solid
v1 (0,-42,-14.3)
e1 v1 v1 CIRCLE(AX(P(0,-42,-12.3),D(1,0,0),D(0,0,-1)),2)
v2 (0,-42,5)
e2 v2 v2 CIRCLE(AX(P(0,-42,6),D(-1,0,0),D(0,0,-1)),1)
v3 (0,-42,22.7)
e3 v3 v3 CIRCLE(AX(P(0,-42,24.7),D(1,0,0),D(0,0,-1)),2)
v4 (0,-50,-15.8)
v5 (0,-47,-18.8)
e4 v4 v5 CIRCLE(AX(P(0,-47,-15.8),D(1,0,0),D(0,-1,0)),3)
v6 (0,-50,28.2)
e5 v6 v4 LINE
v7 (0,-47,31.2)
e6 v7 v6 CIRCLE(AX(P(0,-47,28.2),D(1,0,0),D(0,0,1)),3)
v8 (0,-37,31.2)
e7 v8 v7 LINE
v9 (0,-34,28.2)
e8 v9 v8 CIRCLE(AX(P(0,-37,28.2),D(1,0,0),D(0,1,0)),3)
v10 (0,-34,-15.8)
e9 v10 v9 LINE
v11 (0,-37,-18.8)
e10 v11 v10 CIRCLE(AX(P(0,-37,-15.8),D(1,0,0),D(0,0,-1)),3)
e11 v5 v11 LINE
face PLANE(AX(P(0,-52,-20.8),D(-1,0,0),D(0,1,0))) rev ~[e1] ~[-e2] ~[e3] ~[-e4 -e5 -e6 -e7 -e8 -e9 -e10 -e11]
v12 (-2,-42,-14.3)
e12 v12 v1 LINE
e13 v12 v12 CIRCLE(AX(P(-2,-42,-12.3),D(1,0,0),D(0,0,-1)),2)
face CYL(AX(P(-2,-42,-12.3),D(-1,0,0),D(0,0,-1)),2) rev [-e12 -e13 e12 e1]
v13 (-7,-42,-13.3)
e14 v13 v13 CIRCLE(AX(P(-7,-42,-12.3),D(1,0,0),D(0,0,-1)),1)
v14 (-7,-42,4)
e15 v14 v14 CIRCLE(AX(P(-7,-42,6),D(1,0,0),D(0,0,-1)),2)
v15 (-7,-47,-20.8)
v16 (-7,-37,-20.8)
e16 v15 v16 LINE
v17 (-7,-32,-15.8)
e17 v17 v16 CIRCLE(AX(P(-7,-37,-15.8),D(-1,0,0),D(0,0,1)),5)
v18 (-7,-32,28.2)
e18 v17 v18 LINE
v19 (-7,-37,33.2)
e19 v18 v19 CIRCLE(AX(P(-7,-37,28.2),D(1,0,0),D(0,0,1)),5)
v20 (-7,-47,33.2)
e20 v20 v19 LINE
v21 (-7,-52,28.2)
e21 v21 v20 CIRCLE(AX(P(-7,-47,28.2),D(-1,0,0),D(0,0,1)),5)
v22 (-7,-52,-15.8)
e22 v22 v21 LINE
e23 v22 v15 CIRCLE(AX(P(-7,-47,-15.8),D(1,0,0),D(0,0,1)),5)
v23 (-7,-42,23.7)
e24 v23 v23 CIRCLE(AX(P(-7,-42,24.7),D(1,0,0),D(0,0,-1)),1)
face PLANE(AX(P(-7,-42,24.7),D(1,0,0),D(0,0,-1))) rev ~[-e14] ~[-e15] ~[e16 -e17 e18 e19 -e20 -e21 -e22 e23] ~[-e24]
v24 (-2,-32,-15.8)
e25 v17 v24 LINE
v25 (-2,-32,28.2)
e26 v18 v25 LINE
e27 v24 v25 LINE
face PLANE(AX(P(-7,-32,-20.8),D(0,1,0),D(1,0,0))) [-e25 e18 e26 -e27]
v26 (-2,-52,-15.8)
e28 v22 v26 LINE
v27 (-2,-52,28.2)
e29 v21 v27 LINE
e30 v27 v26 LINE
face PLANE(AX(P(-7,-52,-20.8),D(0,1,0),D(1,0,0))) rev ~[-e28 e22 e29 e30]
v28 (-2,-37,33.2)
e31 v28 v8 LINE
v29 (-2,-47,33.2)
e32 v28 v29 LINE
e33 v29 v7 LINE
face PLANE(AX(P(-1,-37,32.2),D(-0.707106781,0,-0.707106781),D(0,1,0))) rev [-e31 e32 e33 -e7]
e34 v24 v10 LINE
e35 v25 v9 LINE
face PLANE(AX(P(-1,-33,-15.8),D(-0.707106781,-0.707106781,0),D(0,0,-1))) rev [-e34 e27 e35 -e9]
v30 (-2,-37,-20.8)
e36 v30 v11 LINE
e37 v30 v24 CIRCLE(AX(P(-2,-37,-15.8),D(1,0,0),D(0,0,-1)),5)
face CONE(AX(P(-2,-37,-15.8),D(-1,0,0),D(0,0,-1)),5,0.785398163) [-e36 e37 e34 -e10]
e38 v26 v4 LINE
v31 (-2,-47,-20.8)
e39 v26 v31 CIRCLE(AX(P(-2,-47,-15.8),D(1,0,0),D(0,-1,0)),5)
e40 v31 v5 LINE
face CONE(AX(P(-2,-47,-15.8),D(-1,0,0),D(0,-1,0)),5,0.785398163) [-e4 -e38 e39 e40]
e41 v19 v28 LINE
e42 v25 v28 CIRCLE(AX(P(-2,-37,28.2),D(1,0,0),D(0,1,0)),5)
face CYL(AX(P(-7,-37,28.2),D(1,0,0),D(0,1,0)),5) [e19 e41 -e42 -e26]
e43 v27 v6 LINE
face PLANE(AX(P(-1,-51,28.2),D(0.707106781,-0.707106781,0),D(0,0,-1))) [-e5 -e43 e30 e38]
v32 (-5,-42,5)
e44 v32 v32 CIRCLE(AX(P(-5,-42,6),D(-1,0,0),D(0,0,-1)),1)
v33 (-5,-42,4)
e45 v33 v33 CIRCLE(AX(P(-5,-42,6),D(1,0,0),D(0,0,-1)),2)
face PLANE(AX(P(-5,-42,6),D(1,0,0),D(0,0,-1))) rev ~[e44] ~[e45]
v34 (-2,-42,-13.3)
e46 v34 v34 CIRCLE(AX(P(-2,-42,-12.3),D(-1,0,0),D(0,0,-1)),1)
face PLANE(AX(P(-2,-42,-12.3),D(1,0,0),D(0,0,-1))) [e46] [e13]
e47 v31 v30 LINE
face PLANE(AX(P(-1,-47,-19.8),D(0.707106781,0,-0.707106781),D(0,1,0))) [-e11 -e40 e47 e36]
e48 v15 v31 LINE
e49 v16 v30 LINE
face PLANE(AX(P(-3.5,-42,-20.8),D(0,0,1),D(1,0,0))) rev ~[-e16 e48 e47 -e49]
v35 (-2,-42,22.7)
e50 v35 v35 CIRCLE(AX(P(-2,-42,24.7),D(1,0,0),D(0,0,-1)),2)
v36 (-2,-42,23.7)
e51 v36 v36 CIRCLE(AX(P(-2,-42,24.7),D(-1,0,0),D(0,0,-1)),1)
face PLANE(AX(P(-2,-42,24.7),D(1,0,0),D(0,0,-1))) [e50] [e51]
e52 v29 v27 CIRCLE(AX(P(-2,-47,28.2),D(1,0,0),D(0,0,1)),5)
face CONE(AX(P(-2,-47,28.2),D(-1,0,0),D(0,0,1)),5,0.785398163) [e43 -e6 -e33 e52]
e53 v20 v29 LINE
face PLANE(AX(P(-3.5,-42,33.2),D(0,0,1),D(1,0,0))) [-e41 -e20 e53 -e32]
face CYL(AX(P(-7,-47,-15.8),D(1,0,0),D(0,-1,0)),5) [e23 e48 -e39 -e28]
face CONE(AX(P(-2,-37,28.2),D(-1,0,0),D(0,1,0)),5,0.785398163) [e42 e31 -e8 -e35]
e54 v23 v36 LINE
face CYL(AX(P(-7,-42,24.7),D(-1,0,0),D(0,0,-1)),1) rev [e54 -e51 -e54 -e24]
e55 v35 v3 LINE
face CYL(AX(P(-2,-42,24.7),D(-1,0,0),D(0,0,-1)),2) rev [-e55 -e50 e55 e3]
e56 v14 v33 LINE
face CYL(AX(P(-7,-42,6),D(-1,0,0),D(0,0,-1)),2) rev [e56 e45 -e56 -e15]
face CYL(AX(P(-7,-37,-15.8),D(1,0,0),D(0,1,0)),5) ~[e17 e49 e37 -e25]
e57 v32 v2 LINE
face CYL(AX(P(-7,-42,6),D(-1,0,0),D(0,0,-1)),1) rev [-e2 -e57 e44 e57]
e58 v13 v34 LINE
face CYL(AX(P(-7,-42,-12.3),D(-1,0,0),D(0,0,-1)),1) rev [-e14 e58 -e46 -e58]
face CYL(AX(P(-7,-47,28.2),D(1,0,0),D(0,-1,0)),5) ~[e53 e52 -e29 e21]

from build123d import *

# Parameters (mm, degrees)
CYLINDER032_R           = 2
CYLINDER032_DEPTH       = 2
CYLINDER032_PITCH_ANGLE = 90
CYLINDER033_R           = 2
CYLINDER033_DEPTH       = 2
CYLINDER033_PITCH_ANGLE = 90
CYLINDER030_R           = 1
CYLINDER030_DEPTH       = 7
CYLINDER030_PITCH_ANGLE = 90
CYLINDER031_R           = 1
CYLINDER031_DEPTH       = 7
CYLINDER031_PITCH_ANGLE = 90
CYLINDER029_R           = 2
CYLINDER029_DEPTH       = 7
CYLINDER029_PITCH_ANGLE = 90
CYLINDER028_R           = 2
CYLINDER028_DEPTH       = 7
CYLINDER028_PITCH_ANGLE = 90
CYLINDER027_R           = 2
CYLINDER027_DEPTH       = 2
CYLINDER027_PITCH_ANGLE = 90
CYLINDER026_R           = 1
CYLINDER026_DEPTH       = 10
CYLINDER026_PITCH_ANGLE = 90
CYLINDER024_R           = 2
CYLINDER024_DEPTH       = 10
CYLINDER024_PITCH_ANGLE = 90
CYLINDER025_R           = 2
CYLINDER025_DEPTH       = 10
CYLINDER025_PITCH_ANGLE = 90
BOX038_W                = 7
BOX038_H                = 20
BOX038_DEPTH            = 54
FILLET010_R             = 5
CHAMFER019_SIZE         = 2


with BuildPart() as cylinder032:
    # Cylinder032 → Cylinder032 (new body)
    with BuildSketch(Plane.XY):
        Circle(CYLINDER032_R)
    extrude(amount=CYLINDER032_DEPTH)


with BuildPart() as cylinder032_1:
    # Cylinder032 pitch: moved
    add(cylinder032.part.rotate(Axis((0, 0, 0), (0, 1, 0)), CYLINDER032_PITCH_ANGLE))


with BuildPart() as cylinder032_2:
    # Cylinder032 placement: moved
    add(cylinder032_1.part.moved(Location((-2, -42, -12.3))))


with BuildPart() as cylinder033:
    # Cylinder033 → Cylinder033 (new body)
    with BuildSketch(Plane.XY):
        Circle(CYLINDER033_R)
    extrude(amount=CYLINDER033_DEPTH)


with BuildPart() as cylinder033_1:
    # Cylinder033 pitch: moved
    add(cylinder033.part.rotate(Axis((0, 0, 0), (0, 1, 0)), CYLINDER033_PITCH_ANGLE))


with BuildPart() as cylinder033_2:
    # Cylinder033 placement: moved
    add(cylinder033_1.part.moved(Location((-2, -42, 24.7))))


with BuildPart() as cylinder030:
    # Cylinder030 → Cylinder030 (new body)
    with BuildSketch(Plane.XY):
        Circle(CYLINDER030_R)
    extrude(amount=CYLINDER030_DEPTH)


with BuildPart() as cylinder030_1:
    # Cylinder030 pitch: moved
    add(cylinder030.part.rotate(Axis((0, 0, 0), (0, 1, 0)), CYLINDER030_PITCH_ANGLE))


with BuildPart() as cylinder030_2:
    # Cylinder030 placement: moved
    add(cylinder030_1.part.moved(Location((-7, -42, -12.3))))


with BuildPart() as cylinder031:
    # Cylinder031 → Cylinder031 (new body)
    with BuildSketch(Plane.XY):
        Circle(CYLINDER031_R)
    extrude(amount=CYLINDER031_DEPTH)


with BuildPart() as cylinder031_1:
    # Cylinder031 pitch: moved
    add(cylinder031.part.rotate(Axis((0, 0, 0), (0, 1, 0)), CYLINDER031_PITCH_ANGLE))


with BuildPart() as cylinder031_2:
    # Cylinder031 placement: moved
    add(cylinder031_1.part.moved(Location((-7, -42, 24.7))))


with BuildPart() as cylinder029:
    # Cylinder029 → Cylinder029 (new body)
    with BuildSketch(Plane.XY):
        Circle(CYLINDER029_R)
    extrude(amount=CYLINDER029_DEPTH)


with BuildPart() as cylinder029_1:
    # Cylinder029 pitch: moved
    add(cylinder029.part.rotate(Axis((0, 0, 0), (0, 1, 0)), CYLINDER029_PITCH_ANGLE))


with BuildPart() as cylinder029_2:
    # Cylinder029 placement: moved
    add(cylinder029_1.part.moved(Location((-7, -42, 24.7))))


with BuildPart() as cylinder028:
    # Cylinder028 → Cylinder028 (new body)
    with BuildSketch(Plane.XY):
        Circle(CYLINDER028_R)
    extrude(amount=CYLINDER028_DEPTH)


with BuildPart() as cylinder028_1:
    # Cylinder028 pitch: moved
    add(cylinder028.part.rotate(Axis((0, 0, 0), (0, 1, 0)), CYLINDER028_PITCH_ANGLE))


with BuildPart() as cylinder028_2:
    # Cylinder028 placement: moved
    add(cylinder028_1.part.moved(Location((-7, -42, -12.3))))


with BuildPart() as cylinder027:
    # Cylinder027 → Cylinder027 (new body)
    with BuildSketch(Plane.XY):
        Circle(CYLINDER027_R)
    extrude(amount=CYLINDER027_DEPTH)


with BuildPart() as cylinder027_1:
    # Cylinder027 pitch: moved
    add(cylinder027.part.rotate(Axis((0, 0, 0), (0, 1, 0)), CYLINDER027_PITCH_ANGLE))


with BuildPart() as cylinder027_2:
    # Cylinder027 placement: moved
    add(cylinder027_1.part.moved(Location((-7, -42, 6))))


with BuildPart() as cylinder026:
    # Cylinder026 → Cylinder026 (new body)
    with BuildSketch(Plane.XY):
        Circle(CYLINDER026_R)
    extrude(amount=CYLINDER026_DEPTH)


with BuildPart() as cylinder026_1:
    # Cylinder026 pitch: moved
    add(cylinder026.part.rotate(Axis((0, 0, 0), (0, 1, 0)), CYLINDER026_PITCH_ANGLE))


with BuildPart() as cylinder026_2:
    # Cylinder026 placement: moved
    add(cylinder026_1.part.moved(Location((-7, -42, 6))))


with BuildPart() as cylinder024:
    # Cylinder024 → Cylinder024 (new body)
    with BuildSketch(Plane.XY):
        Circle(CYLINDER024_R)
    extrude(amount=CYLINDER024_DEPTH)


with BuildPart() as cylinder024_1:
    # Cylinder024 pitch: moved
    add(cylinder024.part.rotate(Axis((0, 0, 0), (0, 1, 0)), CYLINDER024_PITCH_ANGLE))


with BuildPart() as cylinder024_2:
    # Cylinder024 placement: moved
    add(cylinder024_1.part.moved(Location((-8, -42, 24.7))))


with BuildPart() as cylinder025:
    # Cylinder025 → Cylinder025 (new body)
    with BuildSketch(Plane.XY):
        Circle(CYLINDER025_R)
    extrude(amount=CYLINDER025_DEPTH)


with BuildPart() as cylinder025_1:
    # Cylinder025 pitch: moved
    add(cylinder025.part.rotate(Axis((0, 0, 0), (0, 1, 0)), CYLINDER025_PITCH_ANGLE))


with BuildPart() as cylinder025_2:
    # Cylinder025 placement: moved
    add(cylinder025_1.part.moved(Location((-8, -42, -12.3))))


with BuildPart() as cut046:
    # Box038 → Box038 (new body)
    with BuildSketch(Plane(origin=(-7, -52, -20.8), x_dir=(1, 0, 0), z_dir=(0, 0, 1))):
        with Locations((3.5, 10)):
            Rectangle(BOX038_W, BOX038_H)
    extrude(amount=BOX038_DEPTH)

    # Fillet010
    fillet010_edges = [cut046.edges().sort_by_distance(p)[0] for p in [
        (-3.5, -52, -20.8),
        (-3.5, -52, 33.2),
        (-3.5, -32, -20.8),
        (-3.5, -32, 33.2),
    ]]
    fillet(fillet010_edges, radius=FILLET010_R)

    # Chamfer019
    chamfer019_edges = [cut046.edges().sort_by_distance(p)[0] for p in [
        (0, -42, -20.8),
    ]]
    chamfer(chamfer019_edges, length=CHAMFER019_SIZE)

    # Cut038: cut Cylinder025
    add(cylinder025_2.part, mode=Mode.SUBTRACT)

    # Cut039: cut Cylinder024
    add(cylinder024_2.part, mode=Mode.SUBTRACT)

    # Cut041: cut Cylinder026
    add(cylinder026_2.part, mode=Mode.SUBTRACT)

    # Cut042: cut Cylinder027
    add(cylinder027_2.part, mode=Mode.SUBTRACT)

    # Fusion023: union Cylinder028
    add(cylinder028_2.part)

    # Fusion024: union Cylinder029
    add(cylinder029_2.part)

    # Cut043: cut Cylinder031
    add(cylinder031_2.part, mode=Mode.SUBTRACT)

    # Cut044: cut Cylinder030
    add(cylinder030_2.part, mode=Mode.SUBTRACT)

    # Cut045: cut Cylinder033
    add(cylinder033_2.part, mode=Mode.SUBTRACT)

    # Cut046: cut Cylinder032
    add(cylinder032_2.part, mode=Mode.SUBTRACT)


solid = cut046.part
